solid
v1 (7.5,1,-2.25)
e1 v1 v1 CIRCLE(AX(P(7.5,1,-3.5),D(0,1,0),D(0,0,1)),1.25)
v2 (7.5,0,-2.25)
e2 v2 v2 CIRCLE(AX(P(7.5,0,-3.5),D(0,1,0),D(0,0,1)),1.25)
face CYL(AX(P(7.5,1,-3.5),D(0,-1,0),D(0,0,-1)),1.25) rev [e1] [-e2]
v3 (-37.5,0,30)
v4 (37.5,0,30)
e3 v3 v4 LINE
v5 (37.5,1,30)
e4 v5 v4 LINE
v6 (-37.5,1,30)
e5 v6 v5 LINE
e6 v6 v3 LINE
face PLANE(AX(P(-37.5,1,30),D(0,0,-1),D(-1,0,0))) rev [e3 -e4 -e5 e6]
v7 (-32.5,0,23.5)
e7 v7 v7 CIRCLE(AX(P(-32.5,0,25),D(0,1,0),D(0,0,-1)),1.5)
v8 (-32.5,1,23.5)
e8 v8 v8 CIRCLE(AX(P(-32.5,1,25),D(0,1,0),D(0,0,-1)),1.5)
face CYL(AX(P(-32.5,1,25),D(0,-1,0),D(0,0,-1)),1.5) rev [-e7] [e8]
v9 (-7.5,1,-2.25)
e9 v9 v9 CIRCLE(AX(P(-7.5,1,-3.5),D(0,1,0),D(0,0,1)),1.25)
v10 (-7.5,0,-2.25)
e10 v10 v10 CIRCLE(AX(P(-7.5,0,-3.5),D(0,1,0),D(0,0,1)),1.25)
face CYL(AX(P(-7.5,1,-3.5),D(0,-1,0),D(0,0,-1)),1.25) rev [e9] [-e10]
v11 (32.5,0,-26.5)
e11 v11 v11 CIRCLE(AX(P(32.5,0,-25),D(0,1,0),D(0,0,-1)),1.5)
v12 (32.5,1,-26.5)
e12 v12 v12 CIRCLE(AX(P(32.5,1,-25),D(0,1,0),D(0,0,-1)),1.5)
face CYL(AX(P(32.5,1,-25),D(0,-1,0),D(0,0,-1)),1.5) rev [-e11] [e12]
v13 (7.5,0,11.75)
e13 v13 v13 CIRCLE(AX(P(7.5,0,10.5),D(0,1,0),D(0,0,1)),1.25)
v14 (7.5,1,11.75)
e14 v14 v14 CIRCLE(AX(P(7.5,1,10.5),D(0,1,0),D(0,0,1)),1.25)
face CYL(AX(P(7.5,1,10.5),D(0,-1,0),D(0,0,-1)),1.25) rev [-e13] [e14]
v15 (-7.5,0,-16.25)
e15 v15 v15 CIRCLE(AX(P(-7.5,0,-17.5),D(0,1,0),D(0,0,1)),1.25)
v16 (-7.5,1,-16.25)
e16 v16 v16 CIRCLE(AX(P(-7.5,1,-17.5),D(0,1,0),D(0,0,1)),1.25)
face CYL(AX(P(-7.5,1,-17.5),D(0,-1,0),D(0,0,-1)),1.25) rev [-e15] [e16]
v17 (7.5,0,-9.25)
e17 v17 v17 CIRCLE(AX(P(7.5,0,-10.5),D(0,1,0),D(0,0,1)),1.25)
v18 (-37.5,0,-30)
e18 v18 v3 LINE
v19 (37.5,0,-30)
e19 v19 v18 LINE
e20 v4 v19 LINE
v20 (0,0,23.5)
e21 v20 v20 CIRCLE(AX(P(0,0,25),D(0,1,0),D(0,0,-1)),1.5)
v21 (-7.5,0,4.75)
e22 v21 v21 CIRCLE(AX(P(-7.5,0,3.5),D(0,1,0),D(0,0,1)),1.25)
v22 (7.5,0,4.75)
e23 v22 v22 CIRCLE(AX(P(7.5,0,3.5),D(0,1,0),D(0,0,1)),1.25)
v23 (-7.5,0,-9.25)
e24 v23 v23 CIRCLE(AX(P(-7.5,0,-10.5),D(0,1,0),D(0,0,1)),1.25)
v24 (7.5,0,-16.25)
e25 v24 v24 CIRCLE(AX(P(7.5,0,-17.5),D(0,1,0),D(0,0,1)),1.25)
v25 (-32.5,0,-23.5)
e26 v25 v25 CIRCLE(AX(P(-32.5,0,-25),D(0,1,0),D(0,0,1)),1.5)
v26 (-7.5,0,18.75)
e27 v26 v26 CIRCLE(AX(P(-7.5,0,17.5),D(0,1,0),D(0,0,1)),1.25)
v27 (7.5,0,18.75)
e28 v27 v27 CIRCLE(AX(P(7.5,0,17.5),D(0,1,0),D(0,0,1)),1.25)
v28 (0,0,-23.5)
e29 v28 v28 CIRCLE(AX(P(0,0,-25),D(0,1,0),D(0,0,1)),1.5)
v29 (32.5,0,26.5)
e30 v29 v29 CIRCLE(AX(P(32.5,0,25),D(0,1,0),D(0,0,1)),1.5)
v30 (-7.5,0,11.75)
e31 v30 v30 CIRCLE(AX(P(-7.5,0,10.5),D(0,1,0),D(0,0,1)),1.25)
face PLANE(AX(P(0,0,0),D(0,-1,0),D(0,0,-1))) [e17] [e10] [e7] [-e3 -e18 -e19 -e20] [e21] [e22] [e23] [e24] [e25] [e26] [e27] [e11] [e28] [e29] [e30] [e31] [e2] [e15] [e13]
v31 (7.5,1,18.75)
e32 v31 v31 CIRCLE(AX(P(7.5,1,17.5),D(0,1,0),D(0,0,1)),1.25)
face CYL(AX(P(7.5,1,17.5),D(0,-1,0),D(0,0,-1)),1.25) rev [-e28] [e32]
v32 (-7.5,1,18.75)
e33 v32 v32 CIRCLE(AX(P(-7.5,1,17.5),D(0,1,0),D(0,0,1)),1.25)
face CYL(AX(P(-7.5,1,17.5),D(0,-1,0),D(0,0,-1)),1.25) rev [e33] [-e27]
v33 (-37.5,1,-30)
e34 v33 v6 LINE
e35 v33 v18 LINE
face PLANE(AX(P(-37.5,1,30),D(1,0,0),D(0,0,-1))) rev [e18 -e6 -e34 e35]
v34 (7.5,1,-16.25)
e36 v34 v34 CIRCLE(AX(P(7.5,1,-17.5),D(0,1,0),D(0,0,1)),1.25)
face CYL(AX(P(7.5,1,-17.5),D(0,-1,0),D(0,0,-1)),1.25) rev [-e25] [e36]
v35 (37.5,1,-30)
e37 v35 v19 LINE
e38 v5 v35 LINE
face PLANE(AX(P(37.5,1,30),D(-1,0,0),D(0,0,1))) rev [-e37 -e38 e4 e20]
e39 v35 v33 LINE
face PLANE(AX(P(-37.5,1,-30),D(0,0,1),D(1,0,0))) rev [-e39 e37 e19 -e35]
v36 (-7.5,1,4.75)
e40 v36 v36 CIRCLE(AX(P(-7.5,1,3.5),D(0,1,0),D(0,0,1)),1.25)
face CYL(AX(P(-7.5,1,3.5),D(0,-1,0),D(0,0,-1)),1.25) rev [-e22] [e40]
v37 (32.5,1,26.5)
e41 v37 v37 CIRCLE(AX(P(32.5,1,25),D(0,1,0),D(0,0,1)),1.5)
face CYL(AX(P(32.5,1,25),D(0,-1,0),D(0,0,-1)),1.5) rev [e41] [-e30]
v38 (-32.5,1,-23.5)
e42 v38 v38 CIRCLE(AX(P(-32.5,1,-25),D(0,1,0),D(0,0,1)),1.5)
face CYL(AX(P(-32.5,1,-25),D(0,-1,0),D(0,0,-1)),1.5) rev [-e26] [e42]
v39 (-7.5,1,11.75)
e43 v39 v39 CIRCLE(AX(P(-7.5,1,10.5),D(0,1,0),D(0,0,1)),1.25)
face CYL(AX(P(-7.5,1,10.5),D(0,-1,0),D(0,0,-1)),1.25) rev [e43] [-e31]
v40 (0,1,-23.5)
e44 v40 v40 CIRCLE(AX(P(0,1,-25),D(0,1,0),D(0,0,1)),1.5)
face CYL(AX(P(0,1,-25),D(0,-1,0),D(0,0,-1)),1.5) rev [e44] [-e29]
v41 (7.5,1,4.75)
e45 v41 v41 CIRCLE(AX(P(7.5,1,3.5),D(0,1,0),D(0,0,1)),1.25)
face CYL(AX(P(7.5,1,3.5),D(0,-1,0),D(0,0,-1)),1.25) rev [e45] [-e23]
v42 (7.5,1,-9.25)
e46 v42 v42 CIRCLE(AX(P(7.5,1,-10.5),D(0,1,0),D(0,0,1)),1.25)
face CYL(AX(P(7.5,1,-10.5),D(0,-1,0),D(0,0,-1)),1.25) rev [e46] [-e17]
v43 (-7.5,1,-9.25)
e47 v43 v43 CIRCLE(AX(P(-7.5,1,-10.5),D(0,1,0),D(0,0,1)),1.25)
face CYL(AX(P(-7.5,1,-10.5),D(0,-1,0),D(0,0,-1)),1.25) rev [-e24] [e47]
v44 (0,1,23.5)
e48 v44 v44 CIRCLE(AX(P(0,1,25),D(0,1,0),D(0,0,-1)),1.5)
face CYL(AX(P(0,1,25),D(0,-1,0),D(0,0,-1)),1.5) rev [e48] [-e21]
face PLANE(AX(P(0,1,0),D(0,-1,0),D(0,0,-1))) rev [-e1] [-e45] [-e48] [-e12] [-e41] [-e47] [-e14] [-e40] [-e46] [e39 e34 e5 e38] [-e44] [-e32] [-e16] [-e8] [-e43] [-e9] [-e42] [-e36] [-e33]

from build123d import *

# Parameters (mm, degrees)
SKETCH_1_W          = 75
SKETCH_1_H          = 60
EXTRUDE_1_DEPTH     = 1
SKETCH_2_R          = 1.25
CUT_EXTRUDE_1_DEPTH = 49.033842236
SKETCH_3_R          = 1.5
CUT_EXTRUDE_2_DEPTH = 49.033842236


with BuildPart() as part:
    # 草图1 → 凸台-拉伸1 (new body)
    with BuildSketch(Plane(origin=(0, 0, 0), x_dir=(1, 0, 0), z_dir=(0, 1, 0))):
        Rectangle(SKETCH_1_W, SKETCH_1_H)
    extrude(amount=EXTRUDE_1_DEPTH)

    # 草图2 → 切除-拉伸1 (cut, through all)
    with BuildSketch(Plane(origin=(0, 0, 0), x_dir=(1, 0, 0), z_dir=(0, 1, 0))):
        with Locations(Location((-7.5, 17.5, 0), (0, 0, 270))):
            Circle(SKETCH_2_R)
        with Locations(Location((7.5, 17.5, 0), (0, 0, 270))):
            Circle(SKETCH_2_R)
        with Locations(Location((7.5, 10.5, 0), (0, 0, 270))):
            Circle(SKETCH_2_R)
        with Locations(Location((7.5, 3.5, 0), (0, 0, 270))):
            Circle(SKETCH_2_R)
        with Locations(Location((7.5, -3.5, 0), (0, 0, 270))):
            Circle(SKETCH_2_R)
        with Locations(Location((7.5, -10.5, 0), (0, 0, 270))):
            Circle(SKETCH_2_R)
        with Locations(Location((7.5, -17.5, 0), (0, 0, 270))):
            Circle(SKETCH_2_R)
        with Locations(Location((-7.5, 10.5, 0), (0, 0, 270))):
            Circle(SKETCH_2_R)
        with Locations(Location((-7.5, 3.5, 0), (0, 0, 270))):
            Circle(SKETCH_2_R)
        with Locations(Location((-7.5, -3.5, 0), (0, 0, 270))):
            Circle(SKETCH_2_R)
        with Locations(Location((-7.5, -10.5, 0), (0, 0, 270))):
            Circle(SKETCH_2_R)
        with Locations(Location((-7.5, -17.5, 0), (0, 0, 270))):
            Circle(SKETCH_2_R)
    extrude(amount=CUT_EXTRUDE_1_DEPTH, mode=Mode.SUBTRACT)

    # 草图3 → 切除-拉伸2 (cut, through all)
    with BuildSketch(Plane(origin=(0, 0, 0), x_dir=(1, 0, 0), z_dir=(0, 1, 0))):
        with Locations(Location((-32.5, 25, 0), (0, 0, 270))):
            Circle(SKETCH_3_R)
        with Locations(Location((32.5, -25, 0), (0, 0, 270))):
            Circle(SKETCH_3_R)
        with Locations(Location((-32.5, -25, 0), (0, 0, 90))):
            Circle(SKETCH_3_R)
        with Locations(Location((32.5, 25, 0), (0, 0, 90))):
            Circle(SKETCH_3_R)
        with Locations(Location((0, -25, 0), (0, 0, 90))):
            Circle(SKETCH_3_R)
        with Locations(Location((0, 25, 0), (0, 0, 270))):
            Circle(SKETCH_3_R)
    extrude(amount=CUT_EXTRUDE_2_DEPTH, mode=Mode.SUBTRACT)


solid = part.part
